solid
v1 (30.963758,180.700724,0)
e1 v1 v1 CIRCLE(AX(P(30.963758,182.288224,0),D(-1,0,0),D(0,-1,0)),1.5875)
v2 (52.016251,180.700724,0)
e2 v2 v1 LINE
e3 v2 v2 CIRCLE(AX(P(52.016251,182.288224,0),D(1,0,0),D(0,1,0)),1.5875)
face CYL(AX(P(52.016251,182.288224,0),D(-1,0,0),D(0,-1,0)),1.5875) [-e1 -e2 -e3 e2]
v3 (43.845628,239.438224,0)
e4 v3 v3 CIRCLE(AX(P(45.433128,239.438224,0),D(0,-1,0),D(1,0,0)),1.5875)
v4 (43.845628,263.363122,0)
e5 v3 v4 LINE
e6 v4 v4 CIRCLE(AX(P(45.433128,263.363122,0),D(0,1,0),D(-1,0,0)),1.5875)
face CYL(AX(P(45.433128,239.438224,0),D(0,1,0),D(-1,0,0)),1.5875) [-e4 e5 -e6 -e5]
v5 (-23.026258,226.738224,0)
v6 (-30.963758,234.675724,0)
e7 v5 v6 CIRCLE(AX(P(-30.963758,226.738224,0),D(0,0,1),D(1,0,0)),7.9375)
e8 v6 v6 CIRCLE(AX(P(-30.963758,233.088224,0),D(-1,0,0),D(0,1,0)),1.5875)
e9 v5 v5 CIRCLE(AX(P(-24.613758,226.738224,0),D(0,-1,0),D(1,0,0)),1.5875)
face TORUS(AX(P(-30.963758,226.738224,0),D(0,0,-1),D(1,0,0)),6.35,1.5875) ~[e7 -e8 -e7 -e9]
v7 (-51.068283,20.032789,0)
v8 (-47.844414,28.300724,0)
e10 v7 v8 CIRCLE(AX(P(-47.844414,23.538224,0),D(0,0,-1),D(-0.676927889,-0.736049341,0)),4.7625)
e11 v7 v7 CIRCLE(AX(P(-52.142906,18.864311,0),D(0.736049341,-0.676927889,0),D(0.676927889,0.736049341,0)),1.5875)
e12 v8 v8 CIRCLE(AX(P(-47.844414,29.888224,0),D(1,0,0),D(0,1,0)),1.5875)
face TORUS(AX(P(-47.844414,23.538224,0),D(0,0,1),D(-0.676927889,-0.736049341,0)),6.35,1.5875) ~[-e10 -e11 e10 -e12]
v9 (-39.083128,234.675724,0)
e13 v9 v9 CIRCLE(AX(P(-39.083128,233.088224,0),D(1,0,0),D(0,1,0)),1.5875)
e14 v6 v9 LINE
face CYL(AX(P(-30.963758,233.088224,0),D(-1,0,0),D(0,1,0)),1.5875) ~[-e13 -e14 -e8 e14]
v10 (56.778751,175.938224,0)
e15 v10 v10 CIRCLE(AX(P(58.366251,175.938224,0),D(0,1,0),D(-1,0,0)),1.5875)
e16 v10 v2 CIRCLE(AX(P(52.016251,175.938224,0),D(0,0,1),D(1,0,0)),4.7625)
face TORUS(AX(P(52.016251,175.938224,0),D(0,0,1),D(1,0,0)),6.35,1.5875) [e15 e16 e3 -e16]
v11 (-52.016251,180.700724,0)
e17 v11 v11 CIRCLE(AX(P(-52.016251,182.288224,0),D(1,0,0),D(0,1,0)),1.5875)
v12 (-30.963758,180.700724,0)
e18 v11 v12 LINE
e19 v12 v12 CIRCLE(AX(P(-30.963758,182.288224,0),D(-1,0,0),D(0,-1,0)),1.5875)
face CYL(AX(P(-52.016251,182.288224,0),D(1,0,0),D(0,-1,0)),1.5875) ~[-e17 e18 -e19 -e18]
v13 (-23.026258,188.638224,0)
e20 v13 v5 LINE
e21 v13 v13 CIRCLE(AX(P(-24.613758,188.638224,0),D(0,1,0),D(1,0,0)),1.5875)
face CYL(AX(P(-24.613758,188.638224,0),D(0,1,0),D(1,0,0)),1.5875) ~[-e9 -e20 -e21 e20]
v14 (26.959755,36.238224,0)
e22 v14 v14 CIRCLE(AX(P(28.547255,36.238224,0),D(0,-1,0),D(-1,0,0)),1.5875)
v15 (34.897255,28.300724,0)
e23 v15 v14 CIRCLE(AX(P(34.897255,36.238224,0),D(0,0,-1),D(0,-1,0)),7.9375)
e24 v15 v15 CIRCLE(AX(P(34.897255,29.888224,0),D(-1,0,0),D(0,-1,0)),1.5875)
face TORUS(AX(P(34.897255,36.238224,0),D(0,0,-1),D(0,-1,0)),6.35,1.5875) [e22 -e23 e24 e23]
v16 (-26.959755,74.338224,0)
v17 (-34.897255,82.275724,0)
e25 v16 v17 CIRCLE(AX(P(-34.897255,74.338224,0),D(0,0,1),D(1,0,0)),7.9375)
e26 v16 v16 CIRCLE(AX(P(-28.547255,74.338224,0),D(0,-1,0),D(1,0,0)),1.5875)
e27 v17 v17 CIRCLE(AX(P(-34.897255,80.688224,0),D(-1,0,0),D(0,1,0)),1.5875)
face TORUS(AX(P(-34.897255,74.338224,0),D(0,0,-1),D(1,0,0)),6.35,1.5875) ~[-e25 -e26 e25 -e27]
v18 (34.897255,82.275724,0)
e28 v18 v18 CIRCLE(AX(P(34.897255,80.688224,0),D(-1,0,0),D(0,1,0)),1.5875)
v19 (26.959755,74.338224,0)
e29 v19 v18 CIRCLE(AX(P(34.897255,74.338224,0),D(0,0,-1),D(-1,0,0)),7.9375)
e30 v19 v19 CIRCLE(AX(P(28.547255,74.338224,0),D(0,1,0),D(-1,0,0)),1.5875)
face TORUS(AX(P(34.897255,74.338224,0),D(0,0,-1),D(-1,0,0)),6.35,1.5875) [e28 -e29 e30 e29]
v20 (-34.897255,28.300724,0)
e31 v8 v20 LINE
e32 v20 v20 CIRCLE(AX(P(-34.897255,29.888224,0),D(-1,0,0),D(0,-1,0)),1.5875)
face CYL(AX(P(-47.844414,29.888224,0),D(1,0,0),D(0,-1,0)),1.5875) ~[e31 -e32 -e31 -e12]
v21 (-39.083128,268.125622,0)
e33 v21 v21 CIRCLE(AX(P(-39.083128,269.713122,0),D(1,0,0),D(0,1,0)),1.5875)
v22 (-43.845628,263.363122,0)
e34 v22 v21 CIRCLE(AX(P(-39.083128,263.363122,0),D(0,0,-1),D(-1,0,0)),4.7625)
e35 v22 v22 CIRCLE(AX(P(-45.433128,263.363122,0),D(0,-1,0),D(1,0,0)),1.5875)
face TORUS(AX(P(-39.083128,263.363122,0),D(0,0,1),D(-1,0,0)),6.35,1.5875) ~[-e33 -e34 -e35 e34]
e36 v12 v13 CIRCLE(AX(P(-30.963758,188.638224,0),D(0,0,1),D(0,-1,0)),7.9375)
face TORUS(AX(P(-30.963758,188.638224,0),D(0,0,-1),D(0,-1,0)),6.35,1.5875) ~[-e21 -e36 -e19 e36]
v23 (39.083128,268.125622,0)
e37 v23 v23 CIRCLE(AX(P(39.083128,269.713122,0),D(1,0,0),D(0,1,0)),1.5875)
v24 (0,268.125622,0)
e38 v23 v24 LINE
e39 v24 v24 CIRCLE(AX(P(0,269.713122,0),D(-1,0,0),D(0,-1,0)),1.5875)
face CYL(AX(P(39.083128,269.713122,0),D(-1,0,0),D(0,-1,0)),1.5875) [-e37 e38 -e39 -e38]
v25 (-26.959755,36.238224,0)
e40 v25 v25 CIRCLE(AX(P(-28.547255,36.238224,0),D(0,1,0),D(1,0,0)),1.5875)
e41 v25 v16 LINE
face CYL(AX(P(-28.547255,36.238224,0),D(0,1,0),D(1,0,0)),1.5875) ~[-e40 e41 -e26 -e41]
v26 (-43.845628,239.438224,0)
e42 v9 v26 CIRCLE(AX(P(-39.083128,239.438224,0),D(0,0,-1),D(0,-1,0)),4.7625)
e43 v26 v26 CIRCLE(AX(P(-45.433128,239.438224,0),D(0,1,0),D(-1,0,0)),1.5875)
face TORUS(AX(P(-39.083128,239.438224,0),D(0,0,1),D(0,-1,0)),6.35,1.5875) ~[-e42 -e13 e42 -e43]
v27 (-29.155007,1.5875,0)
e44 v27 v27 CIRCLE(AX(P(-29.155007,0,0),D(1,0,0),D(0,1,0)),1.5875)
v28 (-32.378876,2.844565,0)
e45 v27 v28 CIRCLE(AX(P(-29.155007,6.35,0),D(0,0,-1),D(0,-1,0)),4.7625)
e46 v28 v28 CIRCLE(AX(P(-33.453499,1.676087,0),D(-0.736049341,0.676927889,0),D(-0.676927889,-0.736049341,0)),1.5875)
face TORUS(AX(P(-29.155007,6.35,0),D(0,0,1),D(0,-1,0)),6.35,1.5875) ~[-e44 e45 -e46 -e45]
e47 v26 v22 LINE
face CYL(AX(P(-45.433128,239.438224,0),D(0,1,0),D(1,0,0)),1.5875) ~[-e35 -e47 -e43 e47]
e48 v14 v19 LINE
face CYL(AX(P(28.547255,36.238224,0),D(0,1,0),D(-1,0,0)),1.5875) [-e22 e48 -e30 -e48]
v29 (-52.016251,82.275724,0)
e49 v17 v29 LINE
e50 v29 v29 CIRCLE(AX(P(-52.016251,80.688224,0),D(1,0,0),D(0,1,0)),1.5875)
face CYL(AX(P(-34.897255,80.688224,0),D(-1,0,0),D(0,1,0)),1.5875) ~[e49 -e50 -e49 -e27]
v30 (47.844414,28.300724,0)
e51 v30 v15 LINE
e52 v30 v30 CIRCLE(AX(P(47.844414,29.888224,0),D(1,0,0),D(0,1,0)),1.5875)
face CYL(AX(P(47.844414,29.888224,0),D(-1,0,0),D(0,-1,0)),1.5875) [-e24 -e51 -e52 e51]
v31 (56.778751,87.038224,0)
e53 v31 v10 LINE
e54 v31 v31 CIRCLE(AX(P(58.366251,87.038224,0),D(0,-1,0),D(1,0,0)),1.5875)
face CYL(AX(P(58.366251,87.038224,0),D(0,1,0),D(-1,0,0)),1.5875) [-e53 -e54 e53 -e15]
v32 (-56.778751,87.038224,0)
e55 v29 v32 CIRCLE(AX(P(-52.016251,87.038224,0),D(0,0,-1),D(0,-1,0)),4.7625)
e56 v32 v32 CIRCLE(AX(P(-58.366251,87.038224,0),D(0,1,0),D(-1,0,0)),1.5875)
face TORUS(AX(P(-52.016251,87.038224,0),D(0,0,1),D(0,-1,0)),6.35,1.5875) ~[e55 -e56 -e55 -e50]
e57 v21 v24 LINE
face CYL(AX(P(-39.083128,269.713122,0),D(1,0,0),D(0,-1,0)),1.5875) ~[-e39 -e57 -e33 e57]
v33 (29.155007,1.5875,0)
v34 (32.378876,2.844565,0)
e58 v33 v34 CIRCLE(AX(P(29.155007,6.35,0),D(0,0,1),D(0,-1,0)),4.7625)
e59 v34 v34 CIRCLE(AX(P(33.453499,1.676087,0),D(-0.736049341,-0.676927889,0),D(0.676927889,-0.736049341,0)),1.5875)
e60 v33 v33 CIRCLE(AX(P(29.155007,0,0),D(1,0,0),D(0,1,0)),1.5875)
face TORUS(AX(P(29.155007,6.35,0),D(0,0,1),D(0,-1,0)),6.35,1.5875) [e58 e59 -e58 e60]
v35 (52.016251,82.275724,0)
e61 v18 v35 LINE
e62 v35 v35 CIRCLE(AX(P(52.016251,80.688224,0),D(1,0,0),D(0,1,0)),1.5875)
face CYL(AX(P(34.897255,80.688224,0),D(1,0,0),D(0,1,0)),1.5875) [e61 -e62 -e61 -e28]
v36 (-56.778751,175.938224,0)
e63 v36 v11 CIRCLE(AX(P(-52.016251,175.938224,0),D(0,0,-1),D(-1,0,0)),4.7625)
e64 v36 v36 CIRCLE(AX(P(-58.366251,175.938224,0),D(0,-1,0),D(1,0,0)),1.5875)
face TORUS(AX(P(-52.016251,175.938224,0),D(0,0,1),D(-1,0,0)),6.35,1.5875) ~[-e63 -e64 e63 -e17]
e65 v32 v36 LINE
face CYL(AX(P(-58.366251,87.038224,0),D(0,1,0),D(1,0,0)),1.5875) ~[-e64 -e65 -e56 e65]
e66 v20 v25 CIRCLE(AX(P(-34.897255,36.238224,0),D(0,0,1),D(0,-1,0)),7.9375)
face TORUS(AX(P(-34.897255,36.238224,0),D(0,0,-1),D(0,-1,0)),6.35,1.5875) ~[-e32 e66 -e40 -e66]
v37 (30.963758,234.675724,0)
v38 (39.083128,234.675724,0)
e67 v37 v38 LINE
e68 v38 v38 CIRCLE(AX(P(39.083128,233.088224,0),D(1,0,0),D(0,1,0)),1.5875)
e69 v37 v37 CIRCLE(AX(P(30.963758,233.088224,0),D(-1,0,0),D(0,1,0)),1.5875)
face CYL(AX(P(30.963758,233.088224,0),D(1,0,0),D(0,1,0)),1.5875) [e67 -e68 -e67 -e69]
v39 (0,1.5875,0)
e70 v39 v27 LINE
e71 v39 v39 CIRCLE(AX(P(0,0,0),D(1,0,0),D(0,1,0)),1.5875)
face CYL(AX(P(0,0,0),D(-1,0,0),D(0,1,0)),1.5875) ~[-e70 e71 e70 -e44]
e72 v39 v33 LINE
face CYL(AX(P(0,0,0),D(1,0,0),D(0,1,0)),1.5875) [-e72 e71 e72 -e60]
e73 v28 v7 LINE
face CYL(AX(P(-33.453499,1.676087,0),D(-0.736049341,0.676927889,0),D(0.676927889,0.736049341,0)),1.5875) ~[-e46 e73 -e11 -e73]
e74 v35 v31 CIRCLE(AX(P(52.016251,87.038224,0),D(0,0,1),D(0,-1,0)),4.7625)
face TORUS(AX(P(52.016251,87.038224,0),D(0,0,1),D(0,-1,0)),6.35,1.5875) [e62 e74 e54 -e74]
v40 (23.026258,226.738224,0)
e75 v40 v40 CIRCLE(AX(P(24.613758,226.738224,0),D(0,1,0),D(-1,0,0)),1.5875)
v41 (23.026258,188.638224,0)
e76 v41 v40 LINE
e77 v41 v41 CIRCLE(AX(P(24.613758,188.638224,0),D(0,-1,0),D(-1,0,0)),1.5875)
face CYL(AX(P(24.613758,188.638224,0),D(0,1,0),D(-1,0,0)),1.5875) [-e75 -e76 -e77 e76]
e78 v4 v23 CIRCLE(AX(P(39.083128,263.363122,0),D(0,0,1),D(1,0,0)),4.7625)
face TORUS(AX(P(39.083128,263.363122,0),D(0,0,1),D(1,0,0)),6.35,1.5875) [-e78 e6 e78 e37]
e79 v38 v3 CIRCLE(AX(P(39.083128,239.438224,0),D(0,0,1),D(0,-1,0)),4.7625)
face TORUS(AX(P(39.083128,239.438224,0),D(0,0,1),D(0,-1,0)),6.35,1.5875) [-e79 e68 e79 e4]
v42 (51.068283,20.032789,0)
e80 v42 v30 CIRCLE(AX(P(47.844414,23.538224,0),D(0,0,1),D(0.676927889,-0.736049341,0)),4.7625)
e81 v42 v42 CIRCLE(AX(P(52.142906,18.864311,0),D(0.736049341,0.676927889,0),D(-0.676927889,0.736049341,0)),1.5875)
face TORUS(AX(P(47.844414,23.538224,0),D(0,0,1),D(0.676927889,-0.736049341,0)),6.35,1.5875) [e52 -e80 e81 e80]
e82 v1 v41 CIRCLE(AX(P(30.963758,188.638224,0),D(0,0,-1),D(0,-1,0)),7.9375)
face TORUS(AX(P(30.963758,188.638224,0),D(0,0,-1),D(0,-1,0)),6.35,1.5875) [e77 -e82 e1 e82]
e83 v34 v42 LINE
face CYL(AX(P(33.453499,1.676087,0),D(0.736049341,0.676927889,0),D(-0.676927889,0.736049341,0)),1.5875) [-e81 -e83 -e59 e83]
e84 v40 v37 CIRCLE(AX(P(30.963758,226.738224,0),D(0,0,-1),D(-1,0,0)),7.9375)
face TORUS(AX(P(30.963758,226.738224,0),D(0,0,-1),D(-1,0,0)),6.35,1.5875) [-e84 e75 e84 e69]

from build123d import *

# Parameters (mm, degrees)
F1_R = 1.5875


with BuildPart() as f2:
    # F2: sweep along a path in F0
    with BuildLine(Plane.XY) as f2_path:
        Line((0, 0), (29.1550066322, 0))
        ThreePointArc((29.1550066322, 0), (31.4618605968, 0.4338420587), (33.4534987273, 1.6760866815))
        Line((33.4534987273, 1.6760866815), (52.142905763, 18.8643105382))
        ThreePointArc((52.142905763, 18.8643105382), (53.7605716092, 25.8450778213), (47.8444136679, 29.8882238567))
        Line((47.8444136679, 29.8882238567), (34.8972552823, 29.8882238567))
        ThreePointArc((34.8972552823, 29.8882238567), (30.4071272218, 31.7480957962), (28.5472552823, 36.2382238567))
        Line((28.5472552823, 36.2382238567), (28.5472552823, 74.3382238567))
        ThreePointArc((28.5472552823, 74.3382238567), (30.4071272218, 78.8283519172), (34.8972552823, 80.6882238567))
        Line((34.8972552823, 80.6882238567), (52.0162506063, 80.6882238567))
        ThreePointArc((52.0162506063, 80.6882238567), (56.5063786668, 82.5480957962), (58.3662506063, 87.0382238567))
        Line((58.3662506063, 87.0382238567), (58.3662506063, 175.9382238567))
        ThreePointArc((58.3662506063, 175.9382238567), (56.5063786668, 180.4283519172), (52.0162506063, 182.2882238567))
        Line((52.0162506063, 182.2882238567), (30.963758184, 182.2882238567))
        ThreePointArc((30.963758184, 182.2882238567), (26.4736301235, 184.1480957962), (24.613758184, 188.6382238567))
        Line((24.613758184, 188.6382238567), (24.613758184, 226.7382238567))
        ThreePointArc((24.613758184, 226.7382238567), (26.4736301235, 231.2283519172), (30.963758184, 233.0882238567))
        Line((30.963758184, 233.0882238567), (39.0831279689, 233.0882238567))
        ThreePointArc((39.0831279689, 233.0882238567), (43.5732560294, 234.9480957962), (45.4331279689, 239.4382238567))
        Line((45.4331279689, 239.4382238567), (45.4331279689, 263.3631222496))
        ThreePointArc((45.4331279689, 263.3631222496), (43.5732560294, 267.8532503101), (39.0831279689, 269.7131222496))
        Line((39.0831279689, 269.7131222496), (0, 269.7131222496))
    # F1 (on Right) → F2 (sweep)
    with BuildSketch(Plane.YZ):
        Circle(F1_R)
    sweep(path=f2_path.line)

    # F3: F2 across plane


with BuildPart() as f2_1:
    add(f2.part)
    add(f2.part.mirror(Plane.YZ))


solid = f2_1.part
